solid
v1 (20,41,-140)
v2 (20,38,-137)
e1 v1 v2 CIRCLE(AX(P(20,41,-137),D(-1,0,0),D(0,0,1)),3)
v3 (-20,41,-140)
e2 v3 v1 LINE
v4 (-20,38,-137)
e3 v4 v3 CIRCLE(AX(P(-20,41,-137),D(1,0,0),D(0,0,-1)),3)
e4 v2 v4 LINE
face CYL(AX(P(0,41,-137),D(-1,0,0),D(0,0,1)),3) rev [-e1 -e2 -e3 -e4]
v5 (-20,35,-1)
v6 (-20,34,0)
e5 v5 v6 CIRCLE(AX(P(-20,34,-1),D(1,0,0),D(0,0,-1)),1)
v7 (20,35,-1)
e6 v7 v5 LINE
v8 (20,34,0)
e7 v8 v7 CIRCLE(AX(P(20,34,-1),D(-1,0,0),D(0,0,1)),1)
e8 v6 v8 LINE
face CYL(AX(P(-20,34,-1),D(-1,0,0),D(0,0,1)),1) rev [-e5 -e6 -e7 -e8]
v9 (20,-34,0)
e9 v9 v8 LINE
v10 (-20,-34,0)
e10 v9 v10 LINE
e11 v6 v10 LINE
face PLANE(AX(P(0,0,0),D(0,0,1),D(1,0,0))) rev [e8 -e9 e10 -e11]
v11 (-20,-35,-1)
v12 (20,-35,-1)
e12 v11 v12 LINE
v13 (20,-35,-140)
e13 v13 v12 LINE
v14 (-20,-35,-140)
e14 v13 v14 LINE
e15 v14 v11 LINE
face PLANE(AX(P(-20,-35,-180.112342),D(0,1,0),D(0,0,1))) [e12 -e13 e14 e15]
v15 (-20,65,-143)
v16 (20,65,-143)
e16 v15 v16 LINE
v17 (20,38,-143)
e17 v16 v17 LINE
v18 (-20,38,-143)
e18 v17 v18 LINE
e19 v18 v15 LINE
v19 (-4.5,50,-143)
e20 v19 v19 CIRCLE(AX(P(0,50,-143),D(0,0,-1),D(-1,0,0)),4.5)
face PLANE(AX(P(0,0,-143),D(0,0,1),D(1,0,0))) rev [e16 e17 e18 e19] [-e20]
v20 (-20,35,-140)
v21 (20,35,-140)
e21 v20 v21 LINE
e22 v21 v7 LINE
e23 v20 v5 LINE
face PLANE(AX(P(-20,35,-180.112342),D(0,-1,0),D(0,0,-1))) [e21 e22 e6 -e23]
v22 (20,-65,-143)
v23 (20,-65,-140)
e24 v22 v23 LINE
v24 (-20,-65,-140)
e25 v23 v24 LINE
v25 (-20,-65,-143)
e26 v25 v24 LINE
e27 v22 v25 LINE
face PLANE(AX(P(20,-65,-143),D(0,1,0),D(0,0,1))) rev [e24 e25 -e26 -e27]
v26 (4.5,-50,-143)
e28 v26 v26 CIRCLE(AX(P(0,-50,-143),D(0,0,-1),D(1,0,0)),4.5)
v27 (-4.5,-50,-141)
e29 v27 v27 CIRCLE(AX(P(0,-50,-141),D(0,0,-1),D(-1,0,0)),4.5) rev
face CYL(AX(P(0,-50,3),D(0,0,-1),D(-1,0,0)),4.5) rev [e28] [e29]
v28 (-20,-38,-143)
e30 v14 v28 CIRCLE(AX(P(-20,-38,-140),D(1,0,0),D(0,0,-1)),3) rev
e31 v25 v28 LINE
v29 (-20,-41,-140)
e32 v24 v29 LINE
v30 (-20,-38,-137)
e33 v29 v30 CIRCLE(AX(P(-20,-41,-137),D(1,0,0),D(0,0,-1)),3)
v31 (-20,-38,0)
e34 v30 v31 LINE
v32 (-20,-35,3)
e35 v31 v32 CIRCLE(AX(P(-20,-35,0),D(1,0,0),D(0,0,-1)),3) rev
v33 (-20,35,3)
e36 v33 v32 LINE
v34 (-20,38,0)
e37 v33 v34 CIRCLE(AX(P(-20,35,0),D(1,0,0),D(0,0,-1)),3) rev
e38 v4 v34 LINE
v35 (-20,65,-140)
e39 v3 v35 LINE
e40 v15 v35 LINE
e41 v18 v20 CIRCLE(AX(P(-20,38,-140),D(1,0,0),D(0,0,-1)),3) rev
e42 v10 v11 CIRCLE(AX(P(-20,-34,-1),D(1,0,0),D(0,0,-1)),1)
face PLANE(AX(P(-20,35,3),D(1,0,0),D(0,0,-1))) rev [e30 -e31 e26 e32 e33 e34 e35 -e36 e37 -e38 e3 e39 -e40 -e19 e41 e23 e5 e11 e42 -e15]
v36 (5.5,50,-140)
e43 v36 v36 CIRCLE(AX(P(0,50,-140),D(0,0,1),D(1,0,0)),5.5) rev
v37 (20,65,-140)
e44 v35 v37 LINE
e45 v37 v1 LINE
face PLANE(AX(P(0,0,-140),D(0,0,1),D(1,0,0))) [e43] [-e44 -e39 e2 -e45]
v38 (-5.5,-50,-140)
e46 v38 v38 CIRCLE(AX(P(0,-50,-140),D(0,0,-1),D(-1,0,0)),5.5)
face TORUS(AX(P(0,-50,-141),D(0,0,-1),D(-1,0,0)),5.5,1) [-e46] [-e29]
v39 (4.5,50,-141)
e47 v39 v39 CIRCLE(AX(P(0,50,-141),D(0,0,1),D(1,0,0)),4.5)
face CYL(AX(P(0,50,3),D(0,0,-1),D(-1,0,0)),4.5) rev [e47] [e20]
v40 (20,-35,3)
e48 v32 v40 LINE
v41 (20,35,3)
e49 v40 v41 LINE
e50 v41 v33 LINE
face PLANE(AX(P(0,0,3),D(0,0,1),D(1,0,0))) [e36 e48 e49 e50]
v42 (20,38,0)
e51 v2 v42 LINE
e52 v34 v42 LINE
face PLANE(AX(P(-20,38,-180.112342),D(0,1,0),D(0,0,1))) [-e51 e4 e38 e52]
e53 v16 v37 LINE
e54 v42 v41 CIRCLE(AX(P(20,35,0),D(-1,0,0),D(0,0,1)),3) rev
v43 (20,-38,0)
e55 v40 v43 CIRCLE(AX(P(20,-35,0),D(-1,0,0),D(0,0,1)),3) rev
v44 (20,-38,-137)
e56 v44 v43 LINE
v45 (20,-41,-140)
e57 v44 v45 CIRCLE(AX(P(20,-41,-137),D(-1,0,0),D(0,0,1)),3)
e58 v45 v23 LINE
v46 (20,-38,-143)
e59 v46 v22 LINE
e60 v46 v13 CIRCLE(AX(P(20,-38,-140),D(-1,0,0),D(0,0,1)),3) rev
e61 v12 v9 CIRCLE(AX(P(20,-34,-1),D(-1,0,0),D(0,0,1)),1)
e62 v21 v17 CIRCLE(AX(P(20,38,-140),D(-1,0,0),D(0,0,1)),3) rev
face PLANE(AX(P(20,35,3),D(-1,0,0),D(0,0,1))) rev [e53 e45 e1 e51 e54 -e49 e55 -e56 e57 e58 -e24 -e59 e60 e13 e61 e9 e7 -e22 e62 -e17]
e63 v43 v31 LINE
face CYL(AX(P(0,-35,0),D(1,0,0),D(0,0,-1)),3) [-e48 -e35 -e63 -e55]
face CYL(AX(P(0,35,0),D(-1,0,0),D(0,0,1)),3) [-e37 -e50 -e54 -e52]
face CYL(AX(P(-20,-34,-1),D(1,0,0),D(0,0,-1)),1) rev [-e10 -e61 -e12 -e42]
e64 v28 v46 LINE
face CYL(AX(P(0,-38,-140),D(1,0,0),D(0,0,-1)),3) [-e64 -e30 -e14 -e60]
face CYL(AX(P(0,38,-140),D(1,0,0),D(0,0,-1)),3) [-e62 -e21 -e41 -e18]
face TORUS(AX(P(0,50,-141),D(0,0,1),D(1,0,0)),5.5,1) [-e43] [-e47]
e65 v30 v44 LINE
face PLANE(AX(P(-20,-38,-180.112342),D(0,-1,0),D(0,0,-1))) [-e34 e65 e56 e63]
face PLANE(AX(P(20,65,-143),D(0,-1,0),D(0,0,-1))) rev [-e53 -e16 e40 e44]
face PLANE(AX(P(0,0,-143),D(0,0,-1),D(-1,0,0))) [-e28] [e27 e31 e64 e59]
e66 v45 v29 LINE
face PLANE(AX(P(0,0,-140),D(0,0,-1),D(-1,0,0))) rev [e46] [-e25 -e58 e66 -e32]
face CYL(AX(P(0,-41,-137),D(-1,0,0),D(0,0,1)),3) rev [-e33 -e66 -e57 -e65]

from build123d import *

# Parameters (mm, degrees)
ESQUISSE1_W             = 40
ESQUISSE1_H             = 70
BOSS_EXTRU_1_DEPTH      = 3
ESQUISSE4_W             = 40
ESQUISSE4_H             = 3
BOSS_EXTRU_3_DEPTH      = 143
ESQUISSE5_W             = 40
ESQUISSE5_H             = 30
BOSS_EXTRU_4_DEPTH      = 3
ESQUISSE6_R             = 4.5
ENL_V_MAT_EXTRU_1_DEPTH = 147
CONG_1_R                = 1
CONG_2_R                = 3
CONG_3_R                = 3
CONG_4_R                = 3
CONG_5_R                = 1


with BuildPart() as part:
    # Esquisse1 → Boss.-Extru.1 (new body)
    with BuildSketch(Plane.XY):
        Rectangle(ESQUISSE1_W, ESQUISSE1_H)
    extrude(amount=BOSS_EXTRU_1_DEPTH)

    # Esquisse4 → Boss.-Extru.3 (add)
    with BuildSketch(Plane.XY.offset(3)):
        with Locations((0, 36.5)):
            Rectangle(ESQUISSE4_W, ESQUISSE4_H)
        with Locations((0, -36.5)):
            Rectangle(ESQUISSE4_W, ESQUISSE4_H)
    extrude(amount=-BOSS_EXTRU_3_DEPTH)

    # Esquisse5 → Boss.-Extru.4 (add)
    with BuildSketch(Plane(origin=(0, 0, -140), x_dir=(-1, 0, 0), z_dir=(0, 0, -1))):
        with Locations((0, 50)):
            Rectangle(ESQUISSE5_W, ESQUISSE5_H)
        with Locations((0, -50)):
            Rectangle(ESQUISSE5_W, ESQUISSE5_H)
    extrude(amount=BOSS_EXTRU_4_DEPTH)

    # Esquisse6 → Enlèv. mat.-Extru.1 (cut, through all)
    with BuildSketch(Plane(origin=(0, 0, -143), x_dir=(-1, 0, 0), z_dir=(0, 0, -1))):
        with Locations((0, 50)):
            Circle(ESQUISSE6_R)
        with Locations((0, -50)):
            Circle(ESQUISSE6_R)
    extrude(amount=-ENL_V_MAT_EXTRU_1_DEPTH, mode=Mode.SUBTRACT)

    # Congé1
    cong_1_edges = [part.edges().sort_by_distance(p)[0] for p in [
        (0, 35, 0),
        (0, -35, 0),
    ]]
    fillet(cong_1_edges, radius=CONG_1_R)

    # Congé2
    cong_2_edges = [part.edges().sort_by_distance(p)[0] for p in [
        (0, 38, 3),
        (0, -38, 3),
    ]]
    fillet(cong_2_edges, radius=CONG_2_R)

    # Congé3
    cong_3_edges = [part.edges().sort_by_distance(p)[0] for p in [
        (0, 38, -140),
        (0, -38, -140),
    ]]
    fillet(cong_3_edges, radius=CONG_3_R)

    # Congé4
    cong_4_edges = [part.edges().sort_by_distance(p)[0] for p in [
        (0, 35, -143),
        (0, -35, -143),
    ]]
    fillet(cong_4_edges, radius=CONG_4_R)

    # Congé5
    cong_5_edges = [part.edges().sort_by_distance(p)[0] for p in [
        (4.5, 50, -140),
        (4.5, -50, -140),
    ]]
    fillet(cong_5_edges, radius=CONG_5_R)


solid = part.part
